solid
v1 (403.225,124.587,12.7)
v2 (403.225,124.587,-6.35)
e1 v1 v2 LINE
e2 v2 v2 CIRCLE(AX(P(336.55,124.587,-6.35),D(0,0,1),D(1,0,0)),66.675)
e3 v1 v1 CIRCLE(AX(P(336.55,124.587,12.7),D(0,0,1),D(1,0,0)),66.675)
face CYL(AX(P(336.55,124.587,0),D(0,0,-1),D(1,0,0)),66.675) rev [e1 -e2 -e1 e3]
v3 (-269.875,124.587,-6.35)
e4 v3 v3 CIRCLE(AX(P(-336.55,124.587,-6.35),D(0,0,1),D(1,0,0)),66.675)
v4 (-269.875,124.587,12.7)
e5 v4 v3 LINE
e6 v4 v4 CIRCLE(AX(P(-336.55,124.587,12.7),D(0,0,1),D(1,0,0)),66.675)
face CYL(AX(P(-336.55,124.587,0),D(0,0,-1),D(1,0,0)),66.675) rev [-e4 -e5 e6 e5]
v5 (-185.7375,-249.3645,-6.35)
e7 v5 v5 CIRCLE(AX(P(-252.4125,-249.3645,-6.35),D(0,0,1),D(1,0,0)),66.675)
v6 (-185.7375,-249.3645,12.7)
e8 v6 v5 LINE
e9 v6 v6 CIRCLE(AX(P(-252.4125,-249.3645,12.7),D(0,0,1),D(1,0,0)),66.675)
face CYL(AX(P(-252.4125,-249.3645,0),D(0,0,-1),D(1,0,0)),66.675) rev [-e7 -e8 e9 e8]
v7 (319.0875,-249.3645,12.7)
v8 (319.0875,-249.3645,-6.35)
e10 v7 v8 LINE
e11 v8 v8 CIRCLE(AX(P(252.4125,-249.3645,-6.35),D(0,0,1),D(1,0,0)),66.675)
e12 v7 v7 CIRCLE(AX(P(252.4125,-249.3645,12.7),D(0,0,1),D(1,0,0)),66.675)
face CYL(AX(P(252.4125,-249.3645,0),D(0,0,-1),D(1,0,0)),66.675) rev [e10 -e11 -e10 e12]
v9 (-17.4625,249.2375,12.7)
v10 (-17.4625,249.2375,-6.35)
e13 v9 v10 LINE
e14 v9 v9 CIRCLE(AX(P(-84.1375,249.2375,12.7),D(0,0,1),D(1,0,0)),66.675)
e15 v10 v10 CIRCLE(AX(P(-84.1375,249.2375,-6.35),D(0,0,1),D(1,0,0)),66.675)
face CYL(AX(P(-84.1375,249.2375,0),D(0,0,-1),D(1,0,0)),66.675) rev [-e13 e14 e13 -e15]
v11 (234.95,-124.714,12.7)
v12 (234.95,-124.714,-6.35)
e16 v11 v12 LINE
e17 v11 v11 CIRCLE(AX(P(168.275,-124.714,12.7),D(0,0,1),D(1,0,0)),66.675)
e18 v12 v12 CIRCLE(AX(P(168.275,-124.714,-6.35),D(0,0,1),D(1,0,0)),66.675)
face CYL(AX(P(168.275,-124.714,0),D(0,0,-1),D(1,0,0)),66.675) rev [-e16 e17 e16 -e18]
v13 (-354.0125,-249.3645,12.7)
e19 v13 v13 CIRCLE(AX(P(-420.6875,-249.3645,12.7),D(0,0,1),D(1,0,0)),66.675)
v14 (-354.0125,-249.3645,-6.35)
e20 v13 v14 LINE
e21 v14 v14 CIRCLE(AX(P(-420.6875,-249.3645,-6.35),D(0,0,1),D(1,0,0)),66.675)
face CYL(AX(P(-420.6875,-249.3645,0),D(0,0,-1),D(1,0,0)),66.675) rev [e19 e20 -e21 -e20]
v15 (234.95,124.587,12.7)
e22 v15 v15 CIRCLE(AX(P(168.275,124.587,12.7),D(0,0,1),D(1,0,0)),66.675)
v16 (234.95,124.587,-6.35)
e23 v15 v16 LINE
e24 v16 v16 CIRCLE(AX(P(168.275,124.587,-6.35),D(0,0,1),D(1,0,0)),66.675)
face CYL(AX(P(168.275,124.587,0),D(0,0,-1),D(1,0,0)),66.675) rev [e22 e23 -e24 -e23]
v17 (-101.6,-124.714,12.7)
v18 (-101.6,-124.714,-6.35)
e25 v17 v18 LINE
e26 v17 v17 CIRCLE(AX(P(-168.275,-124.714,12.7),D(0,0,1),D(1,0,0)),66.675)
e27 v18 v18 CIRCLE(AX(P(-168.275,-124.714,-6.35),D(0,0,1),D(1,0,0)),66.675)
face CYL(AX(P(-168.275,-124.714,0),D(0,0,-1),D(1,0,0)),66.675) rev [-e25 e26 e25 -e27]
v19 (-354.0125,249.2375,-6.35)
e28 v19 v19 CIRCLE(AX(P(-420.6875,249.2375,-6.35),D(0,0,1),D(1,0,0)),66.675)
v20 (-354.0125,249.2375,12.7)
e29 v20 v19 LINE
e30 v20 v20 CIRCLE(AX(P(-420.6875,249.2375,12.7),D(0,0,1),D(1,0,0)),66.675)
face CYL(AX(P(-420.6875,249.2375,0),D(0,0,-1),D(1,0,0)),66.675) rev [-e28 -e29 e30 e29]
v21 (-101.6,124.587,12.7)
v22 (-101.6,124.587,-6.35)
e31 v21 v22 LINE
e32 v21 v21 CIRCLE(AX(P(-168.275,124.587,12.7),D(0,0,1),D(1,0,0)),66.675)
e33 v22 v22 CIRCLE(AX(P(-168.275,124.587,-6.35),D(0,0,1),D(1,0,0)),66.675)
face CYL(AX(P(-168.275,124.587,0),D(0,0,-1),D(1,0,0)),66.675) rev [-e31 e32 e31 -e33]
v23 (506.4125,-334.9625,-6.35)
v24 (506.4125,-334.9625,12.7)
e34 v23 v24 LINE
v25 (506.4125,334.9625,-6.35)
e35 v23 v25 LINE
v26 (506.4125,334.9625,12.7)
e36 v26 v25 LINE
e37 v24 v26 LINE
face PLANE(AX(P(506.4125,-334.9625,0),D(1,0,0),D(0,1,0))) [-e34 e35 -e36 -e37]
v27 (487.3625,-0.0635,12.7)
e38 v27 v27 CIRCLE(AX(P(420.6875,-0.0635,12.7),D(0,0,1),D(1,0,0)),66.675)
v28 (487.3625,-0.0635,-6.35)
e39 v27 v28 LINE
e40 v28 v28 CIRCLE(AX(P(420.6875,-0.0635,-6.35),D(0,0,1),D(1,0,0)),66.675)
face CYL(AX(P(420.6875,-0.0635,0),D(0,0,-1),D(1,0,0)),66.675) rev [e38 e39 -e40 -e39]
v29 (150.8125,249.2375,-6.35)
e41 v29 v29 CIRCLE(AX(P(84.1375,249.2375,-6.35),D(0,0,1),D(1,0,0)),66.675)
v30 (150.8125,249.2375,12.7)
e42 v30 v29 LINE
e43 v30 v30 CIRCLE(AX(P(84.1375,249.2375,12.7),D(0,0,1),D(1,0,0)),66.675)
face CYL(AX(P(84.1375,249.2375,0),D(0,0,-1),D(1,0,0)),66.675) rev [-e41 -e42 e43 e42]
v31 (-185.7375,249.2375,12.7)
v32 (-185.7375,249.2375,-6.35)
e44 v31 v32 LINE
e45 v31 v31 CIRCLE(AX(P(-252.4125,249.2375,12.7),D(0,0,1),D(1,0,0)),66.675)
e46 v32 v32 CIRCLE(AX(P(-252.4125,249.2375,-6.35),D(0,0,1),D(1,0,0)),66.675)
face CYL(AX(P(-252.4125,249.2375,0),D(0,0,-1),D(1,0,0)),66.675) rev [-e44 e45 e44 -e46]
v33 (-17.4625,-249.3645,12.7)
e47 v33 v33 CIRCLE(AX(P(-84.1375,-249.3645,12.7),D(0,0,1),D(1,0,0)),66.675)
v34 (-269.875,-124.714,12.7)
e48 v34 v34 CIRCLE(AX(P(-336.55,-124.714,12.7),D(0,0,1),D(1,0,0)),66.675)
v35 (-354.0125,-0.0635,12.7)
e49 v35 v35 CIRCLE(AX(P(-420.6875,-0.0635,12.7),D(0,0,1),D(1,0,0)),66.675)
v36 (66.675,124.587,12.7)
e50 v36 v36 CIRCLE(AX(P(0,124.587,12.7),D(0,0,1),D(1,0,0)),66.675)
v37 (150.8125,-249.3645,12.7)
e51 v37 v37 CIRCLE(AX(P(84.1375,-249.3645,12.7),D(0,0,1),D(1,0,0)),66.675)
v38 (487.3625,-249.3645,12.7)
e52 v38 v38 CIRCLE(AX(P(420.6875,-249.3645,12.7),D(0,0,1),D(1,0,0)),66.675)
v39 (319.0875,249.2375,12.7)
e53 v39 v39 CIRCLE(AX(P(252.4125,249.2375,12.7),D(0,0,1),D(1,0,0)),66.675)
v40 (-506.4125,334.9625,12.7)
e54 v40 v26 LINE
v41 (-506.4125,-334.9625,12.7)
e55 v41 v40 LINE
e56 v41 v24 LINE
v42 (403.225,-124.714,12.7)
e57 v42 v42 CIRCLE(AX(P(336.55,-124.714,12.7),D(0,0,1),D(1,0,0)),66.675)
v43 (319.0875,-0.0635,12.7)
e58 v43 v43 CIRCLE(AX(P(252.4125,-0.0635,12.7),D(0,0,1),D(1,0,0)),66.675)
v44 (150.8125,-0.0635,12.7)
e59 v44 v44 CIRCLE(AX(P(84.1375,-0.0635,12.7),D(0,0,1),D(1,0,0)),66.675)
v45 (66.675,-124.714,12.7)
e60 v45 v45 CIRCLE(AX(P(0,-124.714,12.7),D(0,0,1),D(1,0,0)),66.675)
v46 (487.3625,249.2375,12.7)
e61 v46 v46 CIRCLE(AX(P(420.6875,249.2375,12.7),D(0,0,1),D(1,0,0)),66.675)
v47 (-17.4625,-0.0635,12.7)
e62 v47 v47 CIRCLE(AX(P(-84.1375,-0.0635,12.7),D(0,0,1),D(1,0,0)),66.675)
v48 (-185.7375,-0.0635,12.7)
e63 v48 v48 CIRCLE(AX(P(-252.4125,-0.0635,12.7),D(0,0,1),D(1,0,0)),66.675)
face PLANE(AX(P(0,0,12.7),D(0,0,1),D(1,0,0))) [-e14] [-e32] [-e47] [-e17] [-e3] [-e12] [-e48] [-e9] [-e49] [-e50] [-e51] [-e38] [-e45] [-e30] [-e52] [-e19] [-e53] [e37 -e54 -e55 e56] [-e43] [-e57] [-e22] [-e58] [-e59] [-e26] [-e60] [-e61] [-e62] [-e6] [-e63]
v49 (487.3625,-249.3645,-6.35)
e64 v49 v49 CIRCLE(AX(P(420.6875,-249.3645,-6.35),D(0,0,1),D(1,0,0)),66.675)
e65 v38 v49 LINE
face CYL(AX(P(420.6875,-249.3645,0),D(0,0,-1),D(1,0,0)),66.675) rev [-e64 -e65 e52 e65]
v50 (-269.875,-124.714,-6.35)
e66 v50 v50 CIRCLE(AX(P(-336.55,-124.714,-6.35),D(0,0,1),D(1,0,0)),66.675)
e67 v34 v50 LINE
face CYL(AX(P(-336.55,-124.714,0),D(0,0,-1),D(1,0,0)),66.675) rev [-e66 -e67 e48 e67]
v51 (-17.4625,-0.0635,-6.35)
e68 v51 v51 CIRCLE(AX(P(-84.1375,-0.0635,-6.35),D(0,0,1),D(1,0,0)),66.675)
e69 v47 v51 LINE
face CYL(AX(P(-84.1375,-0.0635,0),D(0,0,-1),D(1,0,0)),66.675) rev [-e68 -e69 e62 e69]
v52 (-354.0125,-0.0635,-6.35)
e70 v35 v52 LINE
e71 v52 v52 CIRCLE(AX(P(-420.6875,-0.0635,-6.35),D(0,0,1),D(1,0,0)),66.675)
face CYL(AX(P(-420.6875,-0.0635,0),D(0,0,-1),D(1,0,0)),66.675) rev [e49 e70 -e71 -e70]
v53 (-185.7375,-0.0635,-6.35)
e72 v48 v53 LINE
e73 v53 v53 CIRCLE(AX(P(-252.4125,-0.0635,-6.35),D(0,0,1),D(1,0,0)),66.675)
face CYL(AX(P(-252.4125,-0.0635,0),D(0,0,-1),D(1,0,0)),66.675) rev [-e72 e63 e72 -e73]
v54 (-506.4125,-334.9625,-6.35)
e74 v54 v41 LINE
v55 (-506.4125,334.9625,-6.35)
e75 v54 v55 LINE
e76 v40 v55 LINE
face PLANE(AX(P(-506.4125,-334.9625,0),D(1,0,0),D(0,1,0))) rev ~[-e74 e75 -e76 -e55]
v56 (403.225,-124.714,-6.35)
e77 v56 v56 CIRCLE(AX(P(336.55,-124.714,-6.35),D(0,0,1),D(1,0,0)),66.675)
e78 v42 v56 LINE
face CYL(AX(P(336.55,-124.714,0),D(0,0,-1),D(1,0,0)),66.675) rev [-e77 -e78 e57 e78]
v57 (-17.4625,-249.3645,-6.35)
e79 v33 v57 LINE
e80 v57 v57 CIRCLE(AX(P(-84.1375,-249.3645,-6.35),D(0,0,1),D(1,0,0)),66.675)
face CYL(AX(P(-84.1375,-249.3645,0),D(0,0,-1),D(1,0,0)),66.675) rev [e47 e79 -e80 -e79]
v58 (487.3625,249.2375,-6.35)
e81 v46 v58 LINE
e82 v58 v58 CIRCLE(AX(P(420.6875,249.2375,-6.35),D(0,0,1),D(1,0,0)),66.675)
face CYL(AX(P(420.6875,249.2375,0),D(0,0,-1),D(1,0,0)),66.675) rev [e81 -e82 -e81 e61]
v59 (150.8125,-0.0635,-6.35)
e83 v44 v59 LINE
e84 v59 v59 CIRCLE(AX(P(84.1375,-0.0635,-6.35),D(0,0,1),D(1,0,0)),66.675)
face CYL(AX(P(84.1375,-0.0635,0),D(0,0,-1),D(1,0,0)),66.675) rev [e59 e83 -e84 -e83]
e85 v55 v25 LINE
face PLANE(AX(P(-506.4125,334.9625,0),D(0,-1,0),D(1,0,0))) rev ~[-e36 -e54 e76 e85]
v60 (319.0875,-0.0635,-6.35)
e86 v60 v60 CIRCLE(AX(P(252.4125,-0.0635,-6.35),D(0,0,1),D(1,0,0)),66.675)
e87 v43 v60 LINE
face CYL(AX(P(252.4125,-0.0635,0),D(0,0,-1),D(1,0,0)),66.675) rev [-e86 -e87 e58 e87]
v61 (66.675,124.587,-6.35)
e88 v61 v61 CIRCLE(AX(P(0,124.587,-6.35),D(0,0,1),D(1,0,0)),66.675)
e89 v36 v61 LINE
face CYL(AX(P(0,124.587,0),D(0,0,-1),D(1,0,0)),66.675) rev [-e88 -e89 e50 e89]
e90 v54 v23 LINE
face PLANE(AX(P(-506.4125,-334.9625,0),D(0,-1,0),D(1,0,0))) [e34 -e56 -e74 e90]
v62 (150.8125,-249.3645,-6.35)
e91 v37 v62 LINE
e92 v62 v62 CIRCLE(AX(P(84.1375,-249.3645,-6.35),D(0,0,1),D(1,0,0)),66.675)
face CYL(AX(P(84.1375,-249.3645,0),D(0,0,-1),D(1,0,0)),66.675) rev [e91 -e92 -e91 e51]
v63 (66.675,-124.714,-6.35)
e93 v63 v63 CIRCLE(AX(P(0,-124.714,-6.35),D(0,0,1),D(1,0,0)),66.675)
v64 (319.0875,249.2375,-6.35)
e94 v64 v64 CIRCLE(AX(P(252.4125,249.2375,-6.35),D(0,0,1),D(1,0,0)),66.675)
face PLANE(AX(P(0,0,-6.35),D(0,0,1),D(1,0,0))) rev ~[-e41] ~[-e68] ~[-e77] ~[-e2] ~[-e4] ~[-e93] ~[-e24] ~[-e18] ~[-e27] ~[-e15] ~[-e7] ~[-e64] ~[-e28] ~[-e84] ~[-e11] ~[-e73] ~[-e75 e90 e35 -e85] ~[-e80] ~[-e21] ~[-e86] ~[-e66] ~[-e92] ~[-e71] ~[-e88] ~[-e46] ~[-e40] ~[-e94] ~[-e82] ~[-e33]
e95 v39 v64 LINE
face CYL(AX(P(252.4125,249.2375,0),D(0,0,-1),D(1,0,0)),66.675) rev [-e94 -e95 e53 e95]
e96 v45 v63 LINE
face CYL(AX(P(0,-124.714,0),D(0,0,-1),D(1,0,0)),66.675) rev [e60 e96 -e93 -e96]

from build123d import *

# Parameters (mm, degrees)
F0_W     = 1012.825
F0_H     = 669.925
F0_R     = 66.675
F1_DEPTH = 6.35
F2_DEPTH = 12.7


with BuildPart() as f1:
    # F0 (on Top) → F1 (new body, symmetric)
    with BuildSketch(Plane.XY):
        Rectangle(F0_W, F0_H)
        with Locations((-420.6875, -249.3645)):
            Circle(F0_R, mode=Mode.SUBTRACT)
        with Locations((-252.4125, -249.3645)):
            Circle(F0_R, mode=Mode.SUBTRACT)
        with Locations((-84.1375, -249.3645)):
            Circle(F0_R, mode=Mode.SUBTRACT)
        with Locations((-336.55, -124.714)):
            Circle(F0_R, mode=Mode.SUBTRACT)
        with Locations((-420.6875, -0.0635)):
            Circle(F0_R, mode=Mode.SUBTRACT)
        with Locations((-168.275, -124.714)):
            Circle(F0_R, mode=Mode.SUBTRACT)
        with Locations((-252.4125, -0.0635)):
            Circle(F0_R, mode=Mode.SUBTRACT)
        with Locations((-84.1375, -0.0635)):
            Circle(F0_R, mode=Mode.SUBTRACT)
        with Locations((84.1375, -249.3645)):
            Circle(F0_R, mode=Mode.SUBTRACT)
        with Locations((252.4125, -249.3645)):
            Circle(F0_R, mode=Mode.SUBTRACT)
        with Locations((420.6875, -249.3645)):
            Circle(F0_R, mode=Mode.SUBTRACT)
        with Locations((0, -124.714)):
            Circle(F0_R, mode=Mode.SUBTRACT)
        with Locations((168.275, -124.714)):
            Circle(F0_R, mode=Mode.SUBTRACT)
        with Locations((84.1375, -0.0635)):
            Circle(F0_R, mode=Mode.SUBTRACT)
        with Locations((252.4125, -0.0635)):
            Circle(F0_R, mode=Mode.SUBTRACT)
        with Locations((336.55, -124.714)):
            Circle(F0_R, mode=Mode.SUBTRACT)
        with Locations((420.6875, -0.0635)):
            Circle(F0_R, mode=Mode.SUBTRACT)
        with Locations((-336.55, 124.587)):
            Circle(F0_R, mode=Mode.SUBTRACT)
        with Locations((-168.275, 124.587)):
            Circle(F0_R, mode=Mode.SUBTRACT)
        with Locations((-420.6875, 249.2375)):
            Circle(F0_R, mode=Mode.SUBTRACT)
        with Locations((-252.4125, 249.2375)):
            Circle(F0_R, mode=Mode.SUBTRACT)
        with Locations((-84.1375, 249.2375)):
            Circle(F0_R, mode=Mode.SUBTRACT)
        with Locations((0, 124.587)):
            Circle(F0_R, mode=Mode.SUBTRACT)
        with Locations((168.275, 124.587)):
            Circle(F0_R, mode=Mode.SUBTRACT)
        with Locations((336.55, 124.587)):
            Circle(F0_R, mode=Mode.SUBTRACT)
        with Locations((84.1375, 249.2375)):
            Circle(F0_R, mode=Mode.SUBTRACT)
        with Locations((252.4125, 249.2375)):
            Circle(F0_R, mode=Mode.SUBTRACT)
        with Locations((420.6875, 249.2375)):
            Circle(F0_R, mode=Mode.SUBTRACT)
    extrude(amount=F1_DEPTH, both=True)

    # F0 (on Top) → F2 (join)
    with BuildSketch(Plane.XY):
        Rectangle(F0_W, F0_H)
        with Locations((-420.6875, -249.3645)):
            Circle(F0_R, mode=Mode.SUBTRACT)
        with Locations((-252.4125, -249.3645)):
            Circle(F0_R, mode=Mode.SUBTRACT)
        with Locations((-84.1375, -249.3645)):
            Circle(F0_R, mode=Mode.SUBTRACT)
        with Locations((-336.55, -124.714)):
            Circle(F0_R, mode=Mode.SUBTRACT)
        with Locations((-420.6875, -0.0635)):
            Circle(F0_R, mode=Mode.SUBTRACT)
        with Locations((-168.275, -124.714)):
            Circle(F0_R, mode=Mode.SUBTRACT)
        with Locations((-252.4125, -0.0635)):
            Circle(F0_R, mode=Mode.SUBTRACT)
        with Locations((-84.1375, -0.0635)):
            Circle(F0_R, mode=Mode.SUBTRACT)
        with Locations((84.1375, -249.3645)):
            Circle(F0_R, mode=Mode.SUBTRACT)
        with Locations((252.4125, -249.3645)):
            Circle(F0_R, mode=Mode.SUBTRACT)
        with Locations((420.6875, -249.3645)):
            Circle(F0_R, mode=Mode.SUBTRACT)
        with Locations((0, -124.714)):
            Circle(F0_R, mode=Mode.SUBTRACT)
        with Locations((168.275, -124.714)):
            Circle(F0_R, mode=Mode.SUBTRACT)
        with Locations((84.1375, -0.0635)):
            Circle(F0_R, mode=Mode.SUBTRACT)
        with Locations((252.4125, -0.0635)):
            Circle(F0_R, mode=Mode.SUBTRACT)
        with Locations((336.55, -124.714)):
            Circle(F0_R, mode=Mode.SUBTRACT)
        with Locations((420.6875, -0.0635)):
            Circle(F0_R, mode=Mode.SUBTRACT)
        with Locations((-336.55, 124.587)):
            Circle(F0_R, mode=Mode.SUBTRACT)
        with Locations((-168.275, 124.587)):
            Circle(F0_R, mode=Mode.SUBTRACT)
        with Locations((-420.6875, 249.2375)):
            Circle(F0_R, mode=Mode.SUBTRACT)
        with Locations((-252.4125, 249.2375)):
            Circle(F0_R, mode=Mode.SUBTRACT)
        with Locations((-84.1375, 249.2375)):
            Circle(F0_R, mode=Mode.SUBTRACT)
        with Locations((0, 124.587)):
            Circle(F0_R, mode=Mode.SUBTRACT)
        with Locations((168.275, 124.587)):
            Circle(F0_R, mode=Mode.SUBTRACT)
        with Locations((336.55, 124.587)):
            Circle(F0_R, mode=Mode.SUBTRACT)
        with Locations((84.1375, 249.2375)):
            Circle(F0_R, mode=Mode.SUBTRACT)
        with Locations((252.4125, 249.2375)):
            Circle(F0_R, mode=Mode.SUBTRACT)
        with Locations((420.6875, 249.2375)):
            Circle(F0_R, mode=Mode.SUBTRACT)
    extrude(amount=F2_DEPTH)


solid = f1.part
